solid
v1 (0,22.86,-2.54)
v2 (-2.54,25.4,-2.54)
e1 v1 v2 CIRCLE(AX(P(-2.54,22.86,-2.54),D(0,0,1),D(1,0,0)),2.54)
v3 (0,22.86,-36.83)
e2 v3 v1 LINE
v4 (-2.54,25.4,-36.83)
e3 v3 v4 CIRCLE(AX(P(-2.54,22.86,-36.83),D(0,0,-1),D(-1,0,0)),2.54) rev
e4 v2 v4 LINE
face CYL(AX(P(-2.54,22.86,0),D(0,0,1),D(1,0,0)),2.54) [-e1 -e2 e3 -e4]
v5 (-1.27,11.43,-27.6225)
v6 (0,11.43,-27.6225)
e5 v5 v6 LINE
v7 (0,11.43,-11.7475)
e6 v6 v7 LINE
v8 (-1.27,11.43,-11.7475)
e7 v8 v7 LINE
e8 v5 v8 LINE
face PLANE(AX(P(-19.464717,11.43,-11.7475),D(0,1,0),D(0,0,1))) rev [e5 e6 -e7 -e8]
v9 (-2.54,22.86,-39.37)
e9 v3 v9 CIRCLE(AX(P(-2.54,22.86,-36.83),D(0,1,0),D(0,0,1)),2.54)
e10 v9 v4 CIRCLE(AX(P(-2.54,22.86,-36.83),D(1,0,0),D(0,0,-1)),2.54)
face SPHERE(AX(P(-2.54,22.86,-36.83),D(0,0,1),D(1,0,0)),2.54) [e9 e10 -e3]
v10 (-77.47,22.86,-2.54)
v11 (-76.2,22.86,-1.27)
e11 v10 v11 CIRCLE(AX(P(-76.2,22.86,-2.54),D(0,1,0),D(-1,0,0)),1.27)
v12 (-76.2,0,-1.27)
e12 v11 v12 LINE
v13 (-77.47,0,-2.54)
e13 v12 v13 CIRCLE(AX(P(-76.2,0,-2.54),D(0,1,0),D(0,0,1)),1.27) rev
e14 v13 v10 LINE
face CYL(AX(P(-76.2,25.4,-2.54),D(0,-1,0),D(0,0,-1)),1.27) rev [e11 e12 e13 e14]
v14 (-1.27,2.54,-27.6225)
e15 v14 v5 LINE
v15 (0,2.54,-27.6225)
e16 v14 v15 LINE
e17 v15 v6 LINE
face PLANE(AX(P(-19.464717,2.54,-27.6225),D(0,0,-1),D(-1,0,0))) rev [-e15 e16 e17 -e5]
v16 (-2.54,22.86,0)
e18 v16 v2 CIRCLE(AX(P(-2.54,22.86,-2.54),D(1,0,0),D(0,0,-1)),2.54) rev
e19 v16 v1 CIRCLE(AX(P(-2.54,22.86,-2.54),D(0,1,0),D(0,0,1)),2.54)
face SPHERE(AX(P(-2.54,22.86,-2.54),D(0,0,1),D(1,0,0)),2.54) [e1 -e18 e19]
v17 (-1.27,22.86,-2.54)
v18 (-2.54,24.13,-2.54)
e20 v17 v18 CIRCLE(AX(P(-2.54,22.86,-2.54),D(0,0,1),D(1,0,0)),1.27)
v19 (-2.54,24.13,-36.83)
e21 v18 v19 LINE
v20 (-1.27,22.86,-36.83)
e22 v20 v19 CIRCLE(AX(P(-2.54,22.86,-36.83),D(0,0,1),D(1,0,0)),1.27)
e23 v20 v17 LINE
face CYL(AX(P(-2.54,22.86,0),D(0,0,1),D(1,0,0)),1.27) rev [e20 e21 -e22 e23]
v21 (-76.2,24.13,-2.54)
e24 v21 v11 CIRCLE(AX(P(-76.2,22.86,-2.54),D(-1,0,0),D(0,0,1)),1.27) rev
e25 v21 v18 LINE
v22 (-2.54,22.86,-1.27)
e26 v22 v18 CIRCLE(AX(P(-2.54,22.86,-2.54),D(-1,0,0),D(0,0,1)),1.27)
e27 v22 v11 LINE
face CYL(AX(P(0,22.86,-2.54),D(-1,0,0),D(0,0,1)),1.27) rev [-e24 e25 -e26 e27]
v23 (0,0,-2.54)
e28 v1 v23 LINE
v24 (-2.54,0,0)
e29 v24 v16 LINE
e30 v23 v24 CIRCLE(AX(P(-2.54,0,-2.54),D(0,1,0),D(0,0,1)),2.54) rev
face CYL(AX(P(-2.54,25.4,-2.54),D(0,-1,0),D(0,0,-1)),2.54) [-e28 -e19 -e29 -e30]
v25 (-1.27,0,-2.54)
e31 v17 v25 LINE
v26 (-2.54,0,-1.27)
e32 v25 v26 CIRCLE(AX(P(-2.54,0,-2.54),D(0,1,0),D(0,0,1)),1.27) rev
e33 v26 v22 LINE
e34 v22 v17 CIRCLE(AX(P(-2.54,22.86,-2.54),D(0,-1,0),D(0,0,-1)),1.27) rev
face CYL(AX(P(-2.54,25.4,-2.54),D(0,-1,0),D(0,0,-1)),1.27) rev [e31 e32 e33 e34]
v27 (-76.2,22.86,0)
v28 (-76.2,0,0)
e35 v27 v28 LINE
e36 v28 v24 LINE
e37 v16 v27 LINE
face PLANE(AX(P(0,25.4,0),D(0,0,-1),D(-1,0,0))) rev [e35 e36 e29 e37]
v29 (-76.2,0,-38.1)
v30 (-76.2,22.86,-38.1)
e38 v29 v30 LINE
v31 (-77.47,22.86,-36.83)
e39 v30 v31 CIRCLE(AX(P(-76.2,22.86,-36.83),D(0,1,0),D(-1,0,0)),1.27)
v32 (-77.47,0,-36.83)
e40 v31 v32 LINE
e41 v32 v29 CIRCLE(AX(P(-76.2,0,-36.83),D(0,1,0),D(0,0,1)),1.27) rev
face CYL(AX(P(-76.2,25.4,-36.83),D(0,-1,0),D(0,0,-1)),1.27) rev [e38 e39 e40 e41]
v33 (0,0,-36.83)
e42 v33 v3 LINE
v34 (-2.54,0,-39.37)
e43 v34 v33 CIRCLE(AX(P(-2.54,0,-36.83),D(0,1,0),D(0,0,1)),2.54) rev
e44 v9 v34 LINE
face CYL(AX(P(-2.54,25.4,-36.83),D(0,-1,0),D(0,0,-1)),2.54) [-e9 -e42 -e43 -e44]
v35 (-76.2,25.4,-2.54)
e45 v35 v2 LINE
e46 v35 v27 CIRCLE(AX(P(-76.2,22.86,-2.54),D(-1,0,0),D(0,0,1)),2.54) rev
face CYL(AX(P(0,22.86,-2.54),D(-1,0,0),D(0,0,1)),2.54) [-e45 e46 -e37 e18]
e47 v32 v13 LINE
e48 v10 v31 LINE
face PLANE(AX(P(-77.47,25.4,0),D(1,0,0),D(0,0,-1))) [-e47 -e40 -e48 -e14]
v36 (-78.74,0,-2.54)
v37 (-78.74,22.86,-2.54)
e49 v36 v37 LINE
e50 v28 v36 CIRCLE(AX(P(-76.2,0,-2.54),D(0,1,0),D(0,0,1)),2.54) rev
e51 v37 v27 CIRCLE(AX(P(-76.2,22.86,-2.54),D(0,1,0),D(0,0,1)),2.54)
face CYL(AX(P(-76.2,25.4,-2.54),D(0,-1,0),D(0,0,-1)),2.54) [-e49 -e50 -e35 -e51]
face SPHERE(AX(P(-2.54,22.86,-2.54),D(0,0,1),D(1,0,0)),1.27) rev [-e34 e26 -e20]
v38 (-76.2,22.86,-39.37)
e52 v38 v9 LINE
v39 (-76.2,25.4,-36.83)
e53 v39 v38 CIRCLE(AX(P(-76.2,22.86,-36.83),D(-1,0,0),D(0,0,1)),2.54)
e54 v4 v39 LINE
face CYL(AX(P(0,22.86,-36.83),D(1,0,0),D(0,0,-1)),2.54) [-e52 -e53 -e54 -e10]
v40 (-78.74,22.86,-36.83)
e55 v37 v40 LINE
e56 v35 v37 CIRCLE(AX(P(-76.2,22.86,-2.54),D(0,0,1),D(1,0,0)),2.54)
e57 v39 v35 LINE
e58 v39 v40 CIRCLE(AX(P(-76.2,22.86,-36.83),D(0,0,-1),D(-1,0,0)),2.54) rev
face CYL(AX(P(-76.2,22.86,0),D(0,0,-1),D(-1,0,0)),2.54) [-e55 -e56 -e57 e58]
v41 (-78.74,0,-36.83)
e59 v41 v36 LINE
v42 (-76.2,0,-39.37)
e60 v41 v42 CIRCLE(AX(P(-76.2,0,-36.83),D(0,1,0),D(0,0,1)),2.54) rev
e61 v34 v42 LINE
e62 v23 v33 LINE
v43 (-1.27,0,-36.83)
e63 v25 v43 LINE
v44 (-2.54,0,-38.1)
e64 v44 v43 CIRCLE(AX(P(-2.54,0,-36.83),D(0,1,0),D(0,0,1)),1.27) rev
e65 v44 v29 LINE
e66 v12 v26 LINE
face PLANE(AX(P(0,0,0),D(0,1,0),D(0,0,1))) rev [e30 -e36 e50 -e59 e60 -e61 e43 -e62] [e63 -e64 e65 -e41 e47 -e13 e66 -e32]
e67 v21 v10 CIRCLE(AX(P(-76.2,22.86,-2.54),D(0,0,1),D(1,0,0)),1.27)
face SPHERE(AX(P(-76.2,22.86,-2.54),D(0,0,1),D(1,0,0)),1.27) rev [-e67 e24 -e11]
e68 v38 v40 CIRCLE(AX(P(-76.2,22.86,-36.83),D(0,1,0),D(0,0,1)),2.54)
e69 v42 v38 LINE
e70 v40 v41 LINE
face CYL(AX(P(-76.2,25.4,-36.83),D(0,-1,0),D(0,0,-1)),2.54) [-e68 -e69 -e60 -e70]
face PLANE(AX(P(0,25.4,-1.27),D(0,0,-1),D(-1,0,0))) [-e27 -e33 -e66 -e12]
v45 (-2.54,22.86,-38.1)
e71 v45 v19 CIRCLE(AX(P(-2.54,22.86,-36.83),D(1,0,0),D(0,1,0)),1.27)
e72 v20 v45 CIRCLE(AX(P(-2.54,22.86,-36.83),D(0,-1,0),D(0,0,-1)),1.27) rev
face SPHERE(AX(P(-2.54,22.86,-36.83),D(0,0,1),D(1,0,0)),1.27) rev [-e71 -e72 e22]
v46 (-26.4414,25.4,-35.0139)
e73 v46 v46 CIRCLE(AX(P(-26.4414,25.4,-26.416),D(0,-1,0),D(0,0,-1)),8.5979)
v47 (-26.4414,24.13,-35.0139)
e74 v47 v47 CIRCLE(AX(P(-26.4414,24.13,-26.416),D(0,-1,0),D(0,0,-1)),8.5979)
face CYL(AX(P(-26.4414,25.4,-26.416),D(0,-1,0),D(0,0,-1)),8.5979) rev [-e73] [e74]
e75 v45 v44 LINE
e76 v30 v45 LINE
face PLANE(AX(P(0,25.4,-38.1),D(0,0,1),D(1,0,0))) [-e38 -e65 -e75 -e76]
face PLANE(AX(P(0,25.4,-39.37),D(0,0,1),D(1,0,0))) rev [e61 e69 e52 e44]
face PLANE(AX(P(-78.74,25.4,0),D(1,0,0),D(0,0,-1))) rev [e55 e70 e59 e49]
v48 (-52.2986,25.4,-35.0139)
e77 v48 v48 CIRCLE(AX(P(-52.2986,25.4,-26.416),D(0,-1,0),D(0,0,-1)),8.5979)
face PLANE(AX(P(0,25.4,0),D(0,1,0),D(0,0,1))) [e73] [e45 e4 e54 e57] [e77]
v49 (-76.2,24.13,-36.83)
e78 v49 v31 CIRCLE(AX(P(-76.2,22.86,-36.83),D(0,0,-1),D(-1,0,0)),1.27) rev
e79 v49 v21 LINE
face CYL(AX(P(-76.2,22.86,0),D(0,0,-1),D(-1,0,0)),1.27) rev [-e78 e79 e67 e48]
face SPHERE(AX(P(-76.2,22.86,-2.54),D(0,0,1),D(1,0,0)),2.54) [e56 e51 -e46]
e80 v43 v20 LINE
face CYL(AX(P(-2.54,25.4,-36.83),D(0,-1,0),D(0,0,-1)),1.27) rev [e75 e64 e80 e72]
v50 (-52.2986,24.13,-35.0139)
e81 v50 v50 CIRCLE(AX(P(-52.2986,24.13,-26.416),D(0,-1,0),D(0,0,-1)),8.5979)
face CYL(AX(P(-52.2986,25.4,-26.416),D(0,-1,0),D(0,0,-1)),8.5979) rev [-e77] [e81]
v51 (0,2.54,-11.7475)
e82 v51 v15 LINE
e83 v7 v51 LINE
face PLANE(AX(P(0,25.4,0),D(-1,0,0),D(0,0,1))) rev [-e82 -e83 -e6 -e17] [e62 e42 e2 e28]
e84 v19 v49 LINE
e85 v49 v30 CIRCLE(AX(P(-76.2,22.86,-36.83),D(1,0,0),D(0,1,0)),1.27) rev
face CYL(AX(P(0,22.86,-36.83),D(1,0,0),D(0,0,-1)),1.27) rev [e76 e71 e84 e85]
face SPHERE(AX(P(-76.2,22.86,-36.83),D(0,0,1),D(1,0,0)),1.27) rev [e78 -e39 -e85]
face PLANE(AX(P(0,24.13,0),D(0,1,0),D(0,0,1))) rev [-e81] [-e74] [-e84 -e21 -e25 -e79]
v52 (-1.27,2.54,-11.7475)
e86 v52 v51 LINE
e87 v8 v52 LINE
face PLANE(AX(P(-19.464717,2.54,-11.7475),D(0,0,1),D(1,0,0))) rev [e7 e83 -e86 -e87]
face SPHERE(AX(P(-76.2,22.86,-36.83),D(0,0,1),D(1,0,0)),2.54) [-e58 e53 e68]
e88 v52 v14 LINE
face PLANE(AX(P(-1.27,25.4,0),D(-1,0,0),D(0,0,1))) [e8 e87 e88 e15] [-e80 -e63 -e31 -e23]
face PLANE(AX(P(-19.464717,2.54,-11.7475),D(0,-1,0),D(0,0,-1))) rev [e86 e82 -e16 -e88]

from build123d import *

# Parameters (mm, degrees)
SKETCH1_W           = 78.74
SKETCH1_H           = 39.37
BOSS_EXTRUDE1_DEPTH = 25.4
FILLET1_R           = 2.54
SHELL1_T            = -1.27
SKETCH2_R           = 8.5979
CUT_EXTRUDE1_DEPTH  = 92.281111956
SKETCH3_W           = 15.875
SKETCH3_H           = 8.89
CUT_EXTRUDE2_DEPTH  = 1.27


with BuildPart() as part:
    # Sketch1 → Boss-Extrude1 (new body)
    with BuildSketch(Plane(origin=(0, 0, 0), x_dir=(1, 0, 0), z_dir=(0, 1, 0))):
        with Locations((-39.37, 19.685)):
            Rectangle(SKETCH1_W, SKETCH1_H)
    extrude(amount=BOSS_EXTRUDE1_DEPTH)

    # Fillet1
    fillet1_edges = [part.edges().sort_by_distance(p)[0] for p in [
        (-78.74, 25.4, -19.685),
        (-39.37, 25.4, 0),
        (0, 25.4, -19.685),
        (-39.37, 25.4, -39.37),
        (0, 12.7, 0),
        (-78.74, 12.7, 0),
        (-78.74, 12.7, -39.37),
        (0, 12.7, -39.37),
    ]]
    fillet(fillet1_edges, radius=FILLET1_R)

    # Shell1
    shell1_openings = [part.faces().sort_by_distance(p)[0] for p in [
        (-39.37, 0, -19.685),
    ]]
    offset(amount=SHELL1_T, openings=shell1_openings, kind=Kind.INTERSECTION)

    # Sketch2 → Cut-Extrude1 (cut, through all)
    with BuildSketch(Plane.XZ.offset(-24.13)):
        with Locations(Location((-52.2986, -26.416, 0), (0, 0, 270))):
            Circle(SKETCH2_R)
        with Locations(Location((-26.4414, -26.416, 0), (0, 0, 270))):
            Circle(SKETCH2_R)
    extrude(amount=-CUT_EXTRUDE1_DEPTH, mode=Mode.SUBTRACT)

    # Sketch3 → Cut-Extrude2 (cut)
    with BuildSketch(Plane(origin=(0, 0, 0), x_dir=(0, 0, -1), z_dir=(1, 0, 0))):
        with Locations((19.685, 6.985)):
            Rectangle(SKETCH3_W, SKETCH3_H)
    extrude(amount=-CUT_EXTRUDE2_DEPTH, mode=Mode.SUBTRACT)


solid = part.part
